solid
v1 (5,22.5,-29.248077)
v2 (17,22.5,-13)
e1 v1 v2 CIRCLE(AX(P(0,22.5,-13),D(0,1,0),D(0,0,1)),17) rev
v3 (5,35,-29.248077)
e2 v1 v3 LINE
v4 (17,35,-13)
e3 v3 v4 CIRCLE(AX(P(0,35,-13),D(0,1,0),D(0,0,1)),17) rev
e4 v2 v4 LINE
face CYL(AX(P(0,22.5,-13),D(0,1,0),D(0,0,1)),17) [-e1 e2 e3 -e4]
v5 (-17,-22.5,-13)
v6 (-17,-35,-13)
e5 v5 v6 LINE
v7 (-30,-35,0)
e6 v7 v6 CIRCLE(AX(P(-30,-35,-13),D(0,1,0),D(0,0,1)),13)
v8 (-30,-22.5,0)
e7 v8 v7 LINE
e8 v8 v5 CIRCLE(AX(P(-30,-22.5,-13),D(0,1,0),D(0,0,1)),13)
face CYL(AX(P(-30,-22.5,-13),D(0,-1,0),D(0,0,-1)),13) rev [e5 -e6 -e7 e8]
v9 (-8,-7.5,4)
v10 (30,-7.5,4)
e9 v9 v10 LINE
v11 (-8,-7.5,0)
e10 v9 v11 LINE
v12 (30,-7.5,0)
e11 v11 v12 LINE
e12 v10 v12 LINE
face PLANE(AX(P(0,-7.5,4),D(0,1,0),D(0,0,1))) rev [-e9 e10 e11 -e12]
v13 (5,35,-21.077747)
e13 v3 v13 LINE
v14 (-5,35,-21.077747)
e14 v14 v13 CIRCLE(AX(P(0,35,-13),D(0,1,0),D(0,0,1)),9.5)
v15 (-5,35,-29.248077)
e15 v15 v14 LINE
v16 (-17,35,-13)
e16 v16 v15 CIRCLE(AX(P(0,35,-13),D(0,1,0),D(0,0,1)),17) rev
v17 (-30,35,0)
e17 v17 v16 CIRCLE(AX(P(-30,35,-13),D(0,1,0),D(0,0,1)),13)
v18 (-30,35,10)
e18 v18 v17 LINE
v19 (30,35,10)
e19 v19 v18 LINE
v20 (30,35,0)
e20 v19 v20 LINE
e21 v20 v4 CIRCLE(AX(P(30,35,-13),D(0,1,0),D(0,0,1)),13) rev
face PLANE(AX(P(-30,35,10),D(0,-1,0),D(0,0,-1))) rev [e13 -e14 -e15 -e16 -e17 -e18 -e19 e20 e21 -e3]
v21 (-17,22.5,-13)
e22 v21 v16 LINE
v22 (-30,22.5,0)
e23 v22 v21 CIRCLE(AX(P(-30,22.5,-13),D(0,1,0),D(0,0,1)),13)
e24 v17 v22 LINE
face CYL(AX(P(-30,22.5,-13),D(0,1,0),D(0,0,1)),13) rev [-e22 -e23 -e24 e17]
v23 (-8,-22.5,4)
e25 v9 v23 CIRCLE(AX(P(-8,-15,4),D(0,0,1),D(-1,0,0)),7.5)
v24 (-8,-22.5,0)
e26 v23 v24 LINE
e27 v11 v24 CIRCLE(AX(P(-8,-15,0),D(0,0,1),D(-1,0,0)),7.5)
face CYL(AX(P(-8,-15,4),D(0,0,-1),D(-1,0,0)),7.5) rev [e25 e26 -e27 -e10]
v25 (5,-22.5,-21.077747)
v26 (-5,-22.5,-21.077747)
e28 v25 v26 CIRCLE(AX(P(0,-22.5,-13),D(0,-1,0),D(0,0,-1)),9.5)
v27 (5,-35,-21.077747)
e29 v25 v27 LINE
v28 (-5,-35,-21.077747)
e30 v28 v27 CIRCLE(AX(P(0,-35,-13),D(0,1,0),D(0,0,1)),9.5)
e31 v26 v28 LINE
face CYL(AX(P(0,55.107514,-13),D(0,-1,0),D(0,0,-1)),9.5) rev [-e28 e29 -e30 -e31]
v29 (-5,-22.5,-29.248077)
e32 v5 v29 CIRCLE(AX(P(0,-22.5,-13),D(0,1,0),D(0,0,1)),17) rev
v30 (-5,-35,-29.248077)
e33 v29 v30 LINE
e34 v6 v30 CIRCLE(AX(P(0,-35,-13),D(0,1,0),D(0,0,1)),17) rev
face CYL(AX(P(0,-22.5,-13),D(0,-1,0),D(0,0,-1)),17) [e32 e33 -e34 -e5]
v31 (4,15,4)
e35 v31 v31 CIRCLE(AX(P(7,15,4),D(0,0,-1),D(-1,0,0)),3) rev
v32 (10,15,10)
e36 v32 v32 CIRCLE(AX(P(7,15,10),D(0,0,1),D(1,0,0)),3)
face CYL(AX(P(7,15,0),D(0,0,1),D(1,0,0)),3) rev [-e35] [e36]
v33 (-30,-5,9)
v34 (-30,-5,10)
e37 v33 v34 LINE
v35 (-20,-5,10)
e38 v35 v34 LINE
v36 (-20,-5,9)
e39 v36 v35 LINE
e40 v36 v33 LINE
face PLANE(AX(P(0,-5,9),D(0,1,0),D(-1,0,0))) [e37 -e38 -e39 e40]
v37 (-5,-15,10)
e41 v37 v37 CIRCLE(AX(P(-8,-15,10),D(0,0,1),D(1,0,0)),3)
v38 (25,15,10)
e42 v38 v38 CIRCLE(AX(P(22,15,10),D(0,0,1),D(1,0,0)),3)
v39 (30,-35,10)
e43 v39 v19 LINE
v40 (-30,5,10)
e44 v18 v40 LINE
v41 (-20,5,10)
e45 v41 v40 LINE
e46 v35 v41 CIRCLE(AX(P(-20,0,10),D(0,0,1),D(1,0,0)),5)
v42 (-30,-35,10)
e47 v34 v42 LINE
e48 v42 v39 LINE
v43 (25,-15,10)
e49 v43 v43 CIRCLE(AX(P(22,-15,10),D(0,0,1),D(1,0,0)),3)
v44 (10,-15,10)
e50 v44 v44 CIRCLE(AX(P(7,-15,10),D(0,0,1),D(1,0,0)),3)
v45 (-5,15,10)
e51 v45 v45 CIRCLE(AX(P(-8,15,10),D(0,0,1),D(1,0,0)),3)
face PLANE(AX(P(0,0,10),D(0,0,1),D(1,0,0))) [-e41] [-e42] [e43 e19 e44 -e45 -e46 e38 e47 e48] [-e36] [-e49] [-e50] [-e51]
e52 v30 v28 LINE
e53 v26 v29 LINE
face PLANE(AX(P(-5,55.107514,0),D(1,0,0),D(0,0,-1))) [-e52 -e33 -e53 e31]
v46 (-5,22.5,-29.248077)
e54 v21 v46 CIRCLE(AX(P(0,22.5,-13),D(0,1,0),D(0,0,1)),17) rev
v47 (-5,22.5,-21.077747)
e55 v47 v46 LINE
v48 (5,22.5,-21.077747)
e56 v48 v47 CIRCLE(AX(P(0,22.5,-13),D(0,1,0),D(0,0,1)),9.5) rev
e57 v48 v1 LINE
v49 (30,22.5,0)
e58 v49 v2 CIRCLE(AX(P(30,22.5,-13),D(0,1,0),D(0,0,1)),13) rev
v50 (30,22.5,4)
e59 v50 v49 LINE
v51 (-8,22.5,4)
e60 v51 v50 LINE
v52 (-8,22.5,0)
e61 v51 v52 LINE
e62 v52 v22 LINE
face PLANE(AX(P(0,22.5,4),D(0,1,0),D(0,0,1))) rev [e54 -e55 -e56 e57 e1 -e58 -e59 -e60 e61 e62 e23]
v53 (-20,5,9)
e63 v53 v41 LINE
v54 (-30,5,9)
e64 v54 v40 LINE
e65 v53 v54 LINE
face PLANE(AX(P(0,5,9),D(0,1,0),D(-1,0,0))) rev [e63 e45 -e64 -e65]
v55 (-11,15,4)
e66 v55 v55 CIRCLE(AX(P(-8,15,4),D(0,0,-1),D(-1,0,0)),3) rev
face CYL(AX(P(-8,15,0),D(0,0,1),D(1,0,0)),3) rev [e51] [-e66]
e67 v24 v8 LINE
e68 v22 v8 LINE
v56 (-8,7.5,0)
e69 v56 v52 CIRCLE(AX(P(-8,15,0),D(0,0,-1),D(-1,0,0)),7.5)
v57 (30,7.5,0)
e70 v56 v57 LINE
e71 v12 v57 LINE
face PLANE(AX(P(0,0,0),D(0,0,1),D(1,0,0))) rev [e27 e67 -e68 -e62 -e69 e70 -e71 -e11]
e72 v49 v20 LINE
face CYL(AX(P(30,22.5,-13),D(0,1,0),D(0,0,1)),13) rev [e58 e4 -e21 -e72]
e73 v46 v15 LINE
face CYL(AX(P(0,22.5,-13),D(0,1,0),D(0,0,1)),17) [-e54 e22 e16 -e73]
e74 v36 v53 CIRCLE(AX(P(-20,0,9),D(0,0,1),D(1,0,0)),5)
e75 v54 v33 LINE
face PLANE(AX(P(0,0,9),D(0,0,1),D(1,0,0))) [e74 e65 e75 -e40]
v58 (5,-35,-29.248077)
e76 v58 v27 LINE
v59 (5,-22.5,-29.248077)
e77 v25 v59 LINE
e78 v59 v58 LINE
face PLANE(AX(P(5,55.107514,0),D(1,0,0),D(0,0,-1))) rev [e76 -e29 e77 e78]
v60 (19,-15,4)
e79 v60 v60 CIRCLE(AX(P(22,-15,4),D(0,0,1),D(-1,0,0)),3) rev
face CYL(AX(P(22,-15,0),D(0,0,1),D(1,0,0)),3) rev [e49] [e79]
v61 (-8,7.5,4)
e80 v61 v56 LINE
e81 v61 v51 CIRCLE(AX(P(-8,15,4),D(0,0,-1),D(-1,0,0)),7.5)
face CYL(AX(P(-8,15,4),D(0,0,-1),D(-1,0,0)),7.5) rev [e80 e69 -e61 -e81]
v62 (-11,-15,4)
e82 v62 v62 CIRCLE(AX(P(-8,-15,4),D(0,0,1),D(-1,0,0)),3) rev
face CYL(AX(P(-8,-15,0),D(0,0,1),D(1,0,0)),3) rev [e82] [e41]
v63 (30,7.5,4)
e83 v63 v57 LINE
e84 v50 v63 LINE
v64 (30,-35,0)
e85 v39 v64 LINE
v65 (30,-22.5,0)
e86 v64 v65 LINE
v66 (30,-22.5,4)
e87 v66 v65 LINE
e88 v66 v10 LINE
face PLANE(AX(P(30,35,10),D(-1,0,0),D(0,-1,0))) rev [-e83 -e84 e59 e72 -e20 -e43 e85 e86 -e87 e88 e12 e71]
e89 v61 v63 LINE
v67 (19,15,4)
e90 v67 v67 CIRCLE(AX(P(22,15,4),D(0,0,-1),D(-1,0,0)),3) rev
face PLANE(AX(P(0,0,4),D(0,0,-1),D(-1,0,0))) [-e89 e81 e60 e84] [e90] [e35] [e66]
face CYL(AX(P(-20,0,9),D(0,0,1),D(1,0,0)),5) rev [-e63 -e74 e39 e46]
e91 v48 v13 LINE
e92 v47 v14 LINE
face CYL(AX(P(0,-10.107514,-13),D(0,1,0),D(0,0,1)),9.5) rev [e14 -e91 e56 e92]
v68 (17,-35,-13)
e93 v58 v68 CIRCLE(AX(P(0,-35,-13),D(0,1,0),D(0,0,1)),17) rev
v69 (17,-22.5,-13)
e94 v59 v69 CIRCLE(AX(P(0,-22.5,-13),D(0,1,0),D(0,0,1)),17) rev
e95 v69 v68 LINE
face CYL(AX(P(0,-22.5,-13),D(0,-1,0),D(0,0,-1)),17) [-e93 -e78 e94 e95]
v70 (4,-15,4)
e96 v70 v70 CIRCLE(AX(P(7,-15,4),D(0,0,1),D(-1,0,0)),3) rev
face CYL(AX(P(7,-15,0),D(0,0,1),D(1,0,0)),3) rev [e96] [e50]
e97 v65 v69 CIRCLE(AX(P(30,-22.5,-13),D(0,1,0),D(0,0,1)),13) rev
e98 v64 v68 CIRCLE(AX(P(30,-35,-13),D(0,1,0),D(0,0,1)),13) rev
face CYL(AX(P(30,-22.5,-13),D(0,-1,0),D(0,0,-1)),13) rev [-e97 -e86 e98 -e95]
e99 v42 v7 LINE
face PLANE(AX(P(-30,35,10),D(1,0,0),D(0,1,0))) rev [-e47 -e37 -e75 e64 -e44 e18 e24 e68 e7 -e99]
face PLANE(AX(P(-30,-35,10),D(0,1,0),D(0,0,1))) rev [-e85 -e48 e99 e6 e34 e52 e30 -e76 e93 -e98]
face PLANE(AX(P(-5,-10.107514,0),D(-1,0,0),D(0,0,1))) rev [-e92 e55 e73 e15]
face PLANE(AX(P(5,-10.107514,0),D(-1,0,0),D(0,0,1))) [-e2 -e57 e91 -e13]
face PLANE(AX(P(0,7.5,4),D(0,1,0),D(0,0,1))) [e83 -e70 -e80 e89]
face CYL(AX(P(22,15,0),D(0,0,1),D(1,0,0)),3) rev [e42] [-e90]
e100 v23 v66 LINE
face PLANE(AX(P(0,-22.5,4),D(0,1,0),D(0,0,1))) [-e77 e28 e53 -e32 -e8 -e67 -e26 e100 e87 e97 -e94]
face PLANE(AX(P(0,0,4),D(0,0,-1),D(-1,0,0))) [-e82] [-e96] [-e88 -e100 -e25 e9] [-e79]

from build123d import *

# Parameters (mm, degrees)
SKETCH_1_W          = 60
SKETCH_1_H          = 70
EXTRUDE_1_DEPTH     = 10
SKETCH_2_R          = 3
CUT_EXTRUDE_1_DEPTH = 48.16990566
CUT_EXTRUDE_START   = -4
SKETCH_3_R          = 7.5
SKETCH_3_R_2        = 3
CUT_EXTRUDE_2_DEPTH = 4
SKETCH_4_R          = 5
CUT_EXTRUDE_3_DEPTH = 1
EXTRUDE_2_DEPTH     = 12.5
SKETCH_7_R          = 9.5
CUT_EXTRUDE_4_DEPTH = 12.5


with BuildPart() as part:
    # 草图1 → 凸台-拉伸1 (new body)
    with BuildSketch(Plane.XY):
        Rectangle(SKETCH_1_W, SKETCH_1_H)
    extrude(amount=EXTRUDE_1_DEPTH)

    # 草图2 → 切除-拉伸1 (cut, through all)
    with BuildSketch(Plane.XY.offset(10)):
        with Locations((-8, 15)):
            Circle(SKETCH_2_R)
        with Locations((7, 15)):
            Circle(SKETCH_2_R)
        with Locations((-8, -15)):
            Circle(SKETCH_2_R)
        with Locations((7, -15)):
            Circle(SKETCH_2_R)
        with Locations((22, 15)):
            Circle(SKETCH_2_R)
        with Locations((22, -15)):
            Circle(SKETCH_2_R)
    extrude(amount=-CUT_EXTRUDE_1_DEPTH, mode=Mode.SUBTRACT)

    # 草图3 → 切除-拉伸2 (cut)
    # profile 1 of 2: a face of its own
    with BuildSketch(Plane(origin=(0, 0, 0), x_dir=(-1, 0, 0), z_dir=(0, 0, -1)).offset(CUT_EXTRUDE_START)):
        with Locations((8, 15)):
            Circle(SKETCH_3_R)
        with Locations(Location((8, 15, 0), (0, 0, 180))):
            Circle(SKETCH_3_R_2, mode=Mode.SUBTRACT)
    # profile 2 of 2: a face of its own
    with BuildSketch(Plane(origin=(0, 0, 0), x_dir=(-1, 0, 0), z_dir=(0, 0, -1)).offset(CUT_EXTRUDE_START)):
        with BuildLine():
            ThreePointArc((8, 7.5), (0.5, 15), (8, 22.5))
            Line((8, 22.5), (-30, 22.5))
            Line((-30, 22.5), (-30, 7.5))
            Line((-30, 7.5), (8, 7.5))
        make_face()
        with Locations(Location((-7, 15, 0), (0, 0, 180))):
            Circle(SKETCH_3_R_2, mode=Mode.SUBTRACT)
    cut_extrude_2 = extrude(amount=CUT_EXTRUDE_2_DEPTH, mode=Mode.SUBTRACT)

    # 镜向1: 切除-拉伸2 across plane
    add(cut_extrude_2.mirror(Plane.ZX), mode=Mode.SUBTRACT)

    # 草图4 → 切除-拉伸3 (cut)
    with BuildSketch(Plane.XY.offset(10)):
        with Locations((-20, 0)):
            Circle(SKETCH_4_R)
        with BuildLine():
            ThreePointArc((-20, -5), (-25, 0), (-20, 5))
            Line((-20, 5), (-30, 5))
            Line((-30, 5), (-30, -5))
            Line((-30, -5), (-20, -5))
        make_face()
    extrude(amount=-CUT_EXTRUDE_3_DEPTH, mode=Mode.SUBTRACT)

    # 草图6 → 凸台-拉伸2 (add)
    with BuildSketch(Plane(origin=(0, 35, 0), x_dir=(1, 0, 0), z_dir=(0, 1, 0))):
        with BuildLine():
            ThreePointArc((30, 0), (20.807611845, 3.807611845), (17, 13))
            ThreePointArc((17, 13), (0, 30), (-17, 13))
            ThreePointArc((-17, 13), (-20.807611845, 3.807611845), (-30, 0))
            Line((-30, 0), (30, 0))
        make_face()
    extrude_2 = extrude(amount=-EXTRUDE_2_DEPTH)

    # 草图7 → 切除-拉伸4 (cut)
    with BuildSketch(Plane(origin=(0, 35, 0), x_dir=(1, 0, 0), z_dir=(0, 1, 0))):
        with Locations((0, 13)):
            Circle(SKETCH_7_R)
        with BuildLine():
            Line((0, 30), (0, 22.5))
            ThreePointArc((0, 22.5), (2.599173089, 22.137521505), (5, 21.077747211))
            Line((5, 21.077747211), (5, 29.248076809))
            ThreePointArc((5, 29.248076809), (2.528111374, 29.810968231), (0, 30))
        make_face()
        with BuildLine():
            ThreePointArc((-5, 21.077747211), (-2.599173089, 22.137521505), (0, 22.5))
            Line((0, 22.5), (0, 30))
            ThreePointArc((0, 30), (-2.528111374, 29.810968231), (-5, 29.248076809))
            Line((-5, 29.248076809), (-5, 21.077747211))
        make_face()
    cut_extrude_4 = extrude(amount=-CUT_EXTRUDE_4_DEPTH, mode=Mode.SUBTRACT)

    # 镜向2: 凸台-拉伸2, 切除-拉伸4 across plane
    add(extrude_2.mirror(Plane.ZX))
    add(cut_extrude_4.mirror(Plane.ZX), mode=Mode.SUBTRACT)


solid = part.part
